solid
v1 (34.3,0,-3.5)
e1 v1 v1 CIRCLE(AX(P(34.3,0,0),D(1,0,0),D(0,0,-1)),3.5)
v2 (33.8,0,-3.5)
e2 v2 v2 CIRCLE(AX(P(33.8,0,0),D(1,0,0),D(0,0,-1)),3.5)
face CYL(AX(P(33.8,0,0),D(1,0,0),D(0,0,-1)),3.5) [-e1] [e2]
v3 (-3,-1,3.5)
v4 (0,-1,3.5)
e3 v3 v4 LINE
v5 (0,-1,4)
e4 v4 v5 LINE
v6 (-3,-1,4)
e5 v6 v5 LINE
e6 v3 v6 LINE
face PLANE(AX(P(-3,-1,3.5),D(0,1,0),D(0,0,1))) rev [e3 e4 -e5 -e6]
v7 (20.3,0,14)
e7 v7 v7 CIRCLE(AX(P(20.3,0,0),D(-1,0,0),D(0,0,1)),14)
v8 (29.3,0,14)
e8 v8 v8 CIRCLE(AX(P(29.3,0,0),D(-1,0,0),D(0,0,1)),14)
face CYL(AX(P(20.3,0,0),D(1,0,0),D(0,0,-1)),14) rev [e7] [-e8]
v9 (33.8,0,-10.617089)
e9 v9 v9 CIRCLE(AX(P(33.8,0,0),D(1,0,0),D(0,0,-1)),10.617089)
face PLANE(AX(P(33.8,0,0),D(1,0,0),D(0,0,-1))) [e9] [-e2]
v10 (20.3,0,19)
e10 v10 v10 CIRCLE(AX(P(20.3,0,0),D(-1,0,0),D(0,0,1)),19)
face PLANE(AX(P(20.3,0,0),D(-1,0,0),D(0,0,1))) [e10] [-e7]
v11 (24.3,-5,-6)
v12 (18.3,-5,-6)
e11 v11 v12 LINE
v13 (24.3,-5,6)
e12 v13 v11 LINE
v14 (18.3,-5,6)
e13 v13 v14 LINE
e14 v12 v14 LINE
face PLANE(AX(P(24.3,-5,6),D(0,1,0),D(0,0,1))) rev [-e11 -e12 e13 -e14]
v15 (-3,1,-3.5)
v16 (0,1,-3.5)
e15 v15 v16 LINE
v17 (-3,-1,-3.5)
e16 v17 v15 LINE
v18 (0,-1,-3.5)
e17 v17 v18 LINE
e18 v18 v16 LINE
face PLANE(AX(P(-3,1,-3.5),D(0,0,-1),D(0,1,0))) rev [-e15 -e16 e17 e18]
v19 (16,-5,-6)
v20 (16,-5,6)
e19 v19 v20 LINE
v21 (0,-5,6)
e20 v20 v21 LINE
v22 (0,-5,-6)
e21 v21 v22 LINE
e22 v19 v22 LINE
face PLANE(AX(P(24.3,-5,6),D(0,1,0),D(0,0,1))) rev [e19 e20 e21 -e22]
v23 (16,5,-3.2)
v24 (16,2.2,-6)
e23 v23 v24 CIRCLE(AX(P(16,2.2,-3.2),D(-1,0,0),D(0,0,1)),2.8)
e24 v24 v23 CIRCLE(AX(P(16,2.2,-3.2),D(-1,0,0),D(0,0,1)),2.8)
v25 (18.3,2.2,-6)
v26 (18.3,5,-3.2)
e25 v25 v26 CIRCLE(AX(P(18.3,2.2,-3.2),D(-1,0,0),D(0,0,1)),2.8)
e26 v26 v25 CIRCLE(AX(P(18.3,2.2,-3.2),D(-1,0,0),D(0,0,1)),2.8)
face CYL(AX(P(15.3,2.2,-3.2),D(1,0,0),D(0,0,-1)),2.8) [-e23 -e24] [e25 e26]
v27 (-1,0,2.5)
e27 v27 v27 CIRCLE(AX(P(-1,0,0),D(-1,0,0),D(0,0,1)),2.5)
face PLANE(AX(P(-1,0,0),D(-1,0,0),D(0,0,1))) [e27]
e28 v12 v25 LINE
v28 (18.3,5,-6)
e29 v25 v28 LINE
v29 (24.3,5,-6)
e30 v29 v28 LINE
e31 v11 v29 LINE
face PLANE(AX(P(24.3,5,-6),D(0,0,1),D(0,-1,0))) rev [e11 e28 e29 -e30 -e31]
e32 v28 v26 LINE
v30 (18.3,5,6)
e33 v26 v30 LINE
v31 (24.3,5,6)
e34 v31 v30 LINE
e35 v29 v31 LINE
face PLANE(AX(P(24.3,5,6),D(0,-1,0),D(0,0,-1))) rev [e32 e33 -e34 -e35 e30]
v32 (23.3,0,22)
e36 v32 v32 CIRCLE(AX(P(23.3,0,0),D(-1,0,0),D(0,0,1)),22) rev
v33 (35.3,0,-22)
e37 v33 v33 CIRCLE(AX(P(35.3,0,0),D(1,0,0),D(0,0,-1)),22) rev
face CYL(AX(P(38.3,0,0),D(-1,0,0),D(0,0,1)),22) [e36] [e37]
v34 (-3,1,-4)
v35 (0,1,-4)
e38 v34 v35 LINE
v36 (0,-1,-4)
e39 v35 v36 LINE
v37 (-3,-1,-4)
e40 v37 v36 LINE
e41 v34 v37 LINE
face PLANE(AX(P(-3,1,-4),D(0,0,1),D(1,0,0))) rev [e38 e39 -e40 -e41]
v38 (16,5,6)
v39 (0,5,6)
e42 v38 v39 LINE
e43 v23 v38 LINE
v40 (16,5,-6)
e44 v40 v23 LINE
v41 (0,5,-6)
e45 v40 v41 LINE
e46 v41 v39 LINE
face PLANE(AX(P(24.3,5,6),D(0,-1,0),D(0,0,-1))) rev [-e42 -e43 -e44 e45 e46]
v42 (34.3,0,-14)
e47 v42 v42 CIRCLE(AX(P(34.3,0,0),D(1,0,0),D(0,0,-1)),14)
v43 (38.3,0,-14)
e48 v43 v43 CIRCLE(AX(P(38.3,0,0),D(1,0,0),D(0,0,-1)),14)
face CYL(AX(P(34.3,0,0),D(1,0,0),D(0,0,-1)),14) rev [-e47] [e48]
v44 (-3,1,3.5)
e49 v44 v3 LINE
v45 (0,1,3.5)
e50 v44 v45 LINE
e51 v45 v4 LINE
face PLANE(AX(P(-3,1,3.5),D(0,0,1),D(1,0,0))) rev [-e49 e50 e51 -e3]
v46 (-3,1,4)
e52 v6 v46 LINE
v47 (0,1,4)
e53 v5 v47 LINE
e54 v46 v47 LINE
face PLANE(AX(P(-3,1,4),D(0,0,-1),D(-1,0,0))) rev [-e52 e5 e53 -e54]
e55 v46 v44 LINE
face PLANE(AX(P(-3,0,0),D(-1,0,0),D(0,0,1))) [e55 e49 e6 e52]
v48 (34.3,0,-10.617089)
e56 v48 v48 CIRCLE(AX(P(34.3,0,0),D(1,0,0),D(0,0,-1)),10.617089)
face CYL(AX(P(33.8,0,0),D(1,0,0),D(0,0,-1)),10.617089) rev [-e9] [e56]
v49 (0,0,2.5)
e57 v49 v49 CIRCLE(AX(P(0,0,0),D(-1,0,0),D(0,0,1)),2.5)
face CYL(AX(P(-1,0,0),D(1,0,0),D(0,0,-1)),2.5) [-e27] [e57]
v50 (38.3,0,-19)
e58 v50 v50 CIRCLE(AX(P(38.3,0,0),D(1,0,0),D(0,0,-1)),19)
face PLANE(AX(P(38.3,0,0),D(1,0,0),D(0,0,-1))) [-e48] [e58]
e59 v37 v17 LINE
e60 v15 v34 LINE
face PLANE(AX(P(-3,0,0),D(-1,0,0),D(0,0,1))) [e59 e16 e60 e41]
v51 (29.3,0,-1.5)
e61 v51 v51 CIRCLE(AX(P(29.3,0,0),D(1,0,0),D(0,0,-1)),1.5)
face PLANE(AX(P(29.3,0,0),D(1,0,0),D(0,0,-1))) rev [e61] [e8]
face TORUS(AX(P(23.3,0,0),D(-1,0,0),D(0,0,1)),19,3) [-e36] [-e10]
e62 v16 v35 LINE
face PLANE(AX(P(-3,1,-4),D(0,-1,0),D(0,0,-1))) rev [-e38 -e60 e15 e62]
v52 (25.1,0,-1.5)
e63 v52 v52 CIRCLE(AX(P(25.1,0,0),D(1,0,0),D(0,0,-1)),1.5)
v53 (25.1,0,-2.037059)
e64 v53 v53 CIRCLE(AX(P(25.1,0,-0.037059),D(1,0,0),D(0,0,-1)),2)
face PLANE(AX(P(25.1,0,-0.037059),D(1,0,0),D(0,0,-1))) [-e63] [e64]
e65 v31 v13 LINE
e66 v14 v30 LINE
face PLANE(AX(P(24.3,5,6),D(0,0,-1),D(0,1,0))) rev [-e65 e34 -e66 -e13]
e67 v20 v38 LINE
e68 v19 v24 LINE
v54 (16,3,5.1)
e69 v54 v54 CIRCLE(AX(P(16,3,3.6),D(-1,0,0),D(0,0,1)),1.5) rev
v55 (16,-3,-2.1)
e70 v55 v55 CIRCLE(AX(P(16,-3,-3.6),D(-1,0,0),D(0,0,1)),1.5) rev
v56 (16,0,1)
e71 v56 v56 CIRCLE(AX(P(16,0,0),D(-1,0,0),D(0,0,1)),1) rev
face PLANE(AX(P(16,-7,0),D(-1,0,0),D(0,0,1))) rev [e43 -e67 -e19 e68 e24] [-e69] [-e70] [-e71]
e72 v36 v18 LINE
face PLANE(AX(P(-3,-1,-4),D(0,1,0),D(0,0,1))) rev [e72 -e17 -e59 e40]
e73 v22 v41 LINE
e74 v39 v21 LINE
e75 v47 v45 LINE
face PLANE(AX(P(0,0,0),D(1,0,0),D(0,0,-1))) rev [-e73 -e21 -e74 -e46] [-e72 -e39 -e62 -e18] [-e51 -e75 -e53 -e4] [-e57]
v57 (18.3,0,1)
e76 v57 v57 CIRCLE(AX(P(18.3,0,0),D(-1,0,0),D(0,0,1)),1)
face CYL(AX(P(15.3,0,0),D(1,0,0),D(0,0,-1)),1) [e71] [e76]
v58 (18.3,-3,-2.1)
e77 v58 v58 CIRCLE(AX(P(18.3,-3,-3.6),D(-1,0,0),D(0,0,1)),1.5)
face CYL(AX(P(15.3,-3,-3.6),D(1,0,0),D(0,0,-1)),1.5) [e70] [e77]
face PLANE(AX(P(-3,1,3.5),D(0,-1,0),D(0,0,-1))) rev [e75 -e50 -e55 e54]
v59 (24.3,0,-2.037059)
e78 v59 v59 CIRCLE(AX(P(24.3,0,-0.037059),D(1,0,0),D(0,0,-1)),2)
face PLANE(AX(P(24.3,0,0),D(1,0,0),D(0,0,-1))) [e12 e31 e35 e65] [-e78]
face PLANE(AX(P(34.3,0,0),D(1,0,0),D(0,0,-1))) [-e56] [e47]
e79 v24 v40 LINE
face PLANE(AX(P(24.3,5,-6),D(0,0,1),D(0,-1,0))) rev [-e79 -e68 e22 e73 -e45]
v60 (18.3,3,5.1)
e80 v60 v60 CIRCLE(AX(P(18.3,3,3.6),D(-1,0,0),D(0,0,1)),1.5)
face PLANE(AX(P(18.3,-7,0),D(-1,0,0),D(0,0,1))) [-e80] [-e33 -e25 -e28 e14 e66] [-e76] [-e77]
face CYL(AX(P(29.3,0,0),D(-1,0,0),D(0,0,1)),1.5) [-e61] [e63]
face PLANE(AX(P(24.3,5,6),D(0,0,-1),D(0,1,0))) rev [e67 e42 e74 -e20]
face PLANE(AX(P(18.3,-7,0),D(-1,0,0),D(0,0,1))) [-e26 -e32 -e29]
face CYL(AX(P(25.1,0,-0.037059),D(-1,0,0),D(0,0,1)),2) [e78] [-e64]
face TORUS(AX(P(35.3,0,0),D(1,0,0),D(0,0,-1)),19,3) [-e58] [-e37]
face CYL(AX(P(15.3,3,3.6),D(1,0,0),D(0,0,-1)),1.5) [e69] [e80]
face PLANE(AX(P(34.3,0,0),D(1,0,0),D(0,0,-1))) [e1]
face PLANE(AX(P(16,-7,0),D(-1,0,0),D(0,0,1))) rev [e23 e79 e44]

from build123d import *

# Parameters (mm, degrees)
SKETCH_8_W            = 12
SKETCH_8_H            = 10
EXTRUDE_1_DEPTH       = 24.3
SKETCH_10_R           = 1.5
EXTRUDE_2_DEPTH       = 5
SKETCH_11_R           = 2
EXTRUDE_3_DEPTH       = 0.8
SKETCH_12_R           = 2.5
EXTRUDE_4_DEPTH       = 1
SKETCH_13_R           = 22
EXTRUDE_1_2_DEPTH     = 9
SKETCH_15_R           = 14
CUT_EXTRUDE_3_DEPTH   = 4
SKETCH_16_R           = 22
SKETCH_16_R_2         = 14
EXTRUDE_7_DEPTH       = 9
SKETCH_17_W           = 2.3
SKETCH_17_H           = 12
CUT_EXTRUDE_3_2_DEPTH = 12
SKETCH_18_R           = 1
SKETCH_18_R_2         = 1.5
SKETCH_18_R_3         = 2.8
EXTRUDE_8_DEPTH       = 3
FILLET_1_R            = 3
FILLET_2_R            = 3
SKETCH_20_W           = 0.5
SKETCH_20_H           = 2
EXTRUDE_9_DEPTH       = 3
SKETCH_21_R           = 10.617088877
SKETCH_21_R_2         = 3.5
CUT_EXTRUDE_5_DEPTH   = 0.5


with BuildPart() as part:
    # 草图8 → Extrude 1 (new body)
    with BuildSketch(Plane(origin=(0, 0, 0), x_dir=(0, 0, -1), z_dir=(1, 0, 0))):
        Rectangle(SKETCH_8_W, SKETCH_8_H)
    extrude(amount=EXTRUDE_1_DEPTH)

    # 草图10 → 电机2 (add)
    with BuildSketch(Plane(origin=(24.3, 0, 0), x_dir=(0, 0, -1), z_dir=(1, 0, 0))):
        Circle(SKETCH_10_R)
    extrude(amount=EXTRUDE_2_DEPTH)

    # 草图11 → 电机3 (add)
    with BuildSketch(Plane(origin=(24.3, 0, 0), x_dir=(0, 0, -1), z_dir=(1, 0, 0))):
        with Locations((0.037058569, 0)):
            Circle(SKETCH_11_R)
    extrude(amount=EXTRUDE_3_DEPTH)

    # 草图12 → 电机4 (add)
    with BuildSketch(Plane.ZY):
        Circle(SKETCH_12_R)
    extrude(amount=EXTRUDE_4_DEPTH)

    # 草图13 → Extrude 1 2 (add)
    with BuildSketch(Plane(origin=(29.3, 0, 0), x_dir=(0, 0, -1), z_dir=(1, 0, 0))):
        Circle(SKETCH_13_R)
    extrude(amount=EXTRUDE_1_2_DEPTH)

    # 草图15 → Cut-Extrude 3 (cut)
    with BuildSketch(Plane(origin=(38.3, 0, 0), x_dir=(0, 0, -1), z_dir=(1, 0, 0))):
        Circle(SKETCH_15_R)
    extrude(amount=-CUT_EXTRUDE_3_DEPTH, mode=Mode.SUBTRACT)

    # 草图16 → 凸台-拉伸7 (add)
    with BuildSketch(Plane.ZY.offset(-29.3)):
        Circle(SKETCH_16_R)
        Circle(SKETCH_16_R_2, mode=Mode.SUBTRACT)
    extrude(amount=EXTRUDE_7_DEPTH)

    # 草图17 → Cut-Extrude 3 2 (cut)
    with BuildSketch(Plane(origin=(0, 5, 0), x_dir=(1, 0, 0), z_dir=(0, 1, 0))):
        with Locations((17.15, 0)):
            Rectangle(SKETCH_17_W, SKETCH_17_H)
    extrude(amount=-CUT_EXTRUDE_3_2_DEPTH, mode=Mode.SUBTRACT)


with BuildPart() as cut_extrude_3_2_piece_1:
    # of the separate pieces the step leaves, piece 1, a body of its own (cut_extrude_3_2_pieces)
    add(part.part.solids().sort_by_distance((29.3, 0, -22))[0])



with BuildPart() as cut_extrude_3_2_piece_2:
    # of the separate pieces the step leaves, piece 2, a body of its own (cut_extrude_3_2_pieces)
    add(part.part.solids().sort_by_distance((0, 5, 6))[0])


with BuildPart() as cut_extrude_3_2_piece_1_1:
    add(cut_extrude_3_2_piece_1.part)

    add(cut_extrude_3_2_piece_2.part)  # 凸台-拉伸8 merges Cut-Extrude 3 2 piece 2
    # 草图18 → 凸台-拉伸8 (add)
    with BuildSketch(Plane.ZY.offset(-18.3)):
        Circle(SKETCH_18_R)
        with Locations((3.6, 3)):
            Circle(SKETCH_18_R_2)
        with Locations((-3.6, -3)):
            Circle(SKETCH_18_R_2)
        with Locations(Location((-3.2, 2.2, 0), (0, 0, 180))):
            Circle(SKETCH_18_R_3)
    extrude(amount=EXTRUDE_8_DEPTH)

    # 圆角1
    fillet_1_edges = [cut_extrude_3_2_piece_1_1.edges().sort_by_distance(p)[0] for p in [
        (38.3, 0, 22),
    ]]
    fillet(fillet_1_edges, radius=FILLET_1_R)

    # 圆角2
    fillet_2_edges = [cut_extrude_3_2_piece_1_1.edges().sort_by_distance(p)[0] for p in [
        (20.3, 0, -22),
    ]]
    fillet(fillet_2_edges, radius=FILLET_2_R)

    # 草图20 → 凸台-拉伸9 (add)
    with BuildSketch(Plane.ZY):
        with Locations((3.75, 0)):
            Rectangle(SKETCH_20_W, SKETCH_20_H)
        with Locations((-3.75, 0)):
            Rectangle(SKETCH_20_W, SKETCH_20_H)
    extrude(amount=EXTRUDE_9_DEPTH)

    # 草图21 → 切除-拉伸5 (cut)
    with BuildSketch(Plane(origin=(34.3, 0, 0), x_dir=(0, 0, -1), z_dir=(1, 0, 0))):
        Circle(SKETCH_21_R)
        Circle(SKETCH_21_R_2, mode=Mode.SUBTRACT)
    extrude(amount=-CUT_EXTRUDE_5_DEPTH, mode=Mode.SUBTRACT)


solid = cut_extrude_3_2_piece_1_1.part
